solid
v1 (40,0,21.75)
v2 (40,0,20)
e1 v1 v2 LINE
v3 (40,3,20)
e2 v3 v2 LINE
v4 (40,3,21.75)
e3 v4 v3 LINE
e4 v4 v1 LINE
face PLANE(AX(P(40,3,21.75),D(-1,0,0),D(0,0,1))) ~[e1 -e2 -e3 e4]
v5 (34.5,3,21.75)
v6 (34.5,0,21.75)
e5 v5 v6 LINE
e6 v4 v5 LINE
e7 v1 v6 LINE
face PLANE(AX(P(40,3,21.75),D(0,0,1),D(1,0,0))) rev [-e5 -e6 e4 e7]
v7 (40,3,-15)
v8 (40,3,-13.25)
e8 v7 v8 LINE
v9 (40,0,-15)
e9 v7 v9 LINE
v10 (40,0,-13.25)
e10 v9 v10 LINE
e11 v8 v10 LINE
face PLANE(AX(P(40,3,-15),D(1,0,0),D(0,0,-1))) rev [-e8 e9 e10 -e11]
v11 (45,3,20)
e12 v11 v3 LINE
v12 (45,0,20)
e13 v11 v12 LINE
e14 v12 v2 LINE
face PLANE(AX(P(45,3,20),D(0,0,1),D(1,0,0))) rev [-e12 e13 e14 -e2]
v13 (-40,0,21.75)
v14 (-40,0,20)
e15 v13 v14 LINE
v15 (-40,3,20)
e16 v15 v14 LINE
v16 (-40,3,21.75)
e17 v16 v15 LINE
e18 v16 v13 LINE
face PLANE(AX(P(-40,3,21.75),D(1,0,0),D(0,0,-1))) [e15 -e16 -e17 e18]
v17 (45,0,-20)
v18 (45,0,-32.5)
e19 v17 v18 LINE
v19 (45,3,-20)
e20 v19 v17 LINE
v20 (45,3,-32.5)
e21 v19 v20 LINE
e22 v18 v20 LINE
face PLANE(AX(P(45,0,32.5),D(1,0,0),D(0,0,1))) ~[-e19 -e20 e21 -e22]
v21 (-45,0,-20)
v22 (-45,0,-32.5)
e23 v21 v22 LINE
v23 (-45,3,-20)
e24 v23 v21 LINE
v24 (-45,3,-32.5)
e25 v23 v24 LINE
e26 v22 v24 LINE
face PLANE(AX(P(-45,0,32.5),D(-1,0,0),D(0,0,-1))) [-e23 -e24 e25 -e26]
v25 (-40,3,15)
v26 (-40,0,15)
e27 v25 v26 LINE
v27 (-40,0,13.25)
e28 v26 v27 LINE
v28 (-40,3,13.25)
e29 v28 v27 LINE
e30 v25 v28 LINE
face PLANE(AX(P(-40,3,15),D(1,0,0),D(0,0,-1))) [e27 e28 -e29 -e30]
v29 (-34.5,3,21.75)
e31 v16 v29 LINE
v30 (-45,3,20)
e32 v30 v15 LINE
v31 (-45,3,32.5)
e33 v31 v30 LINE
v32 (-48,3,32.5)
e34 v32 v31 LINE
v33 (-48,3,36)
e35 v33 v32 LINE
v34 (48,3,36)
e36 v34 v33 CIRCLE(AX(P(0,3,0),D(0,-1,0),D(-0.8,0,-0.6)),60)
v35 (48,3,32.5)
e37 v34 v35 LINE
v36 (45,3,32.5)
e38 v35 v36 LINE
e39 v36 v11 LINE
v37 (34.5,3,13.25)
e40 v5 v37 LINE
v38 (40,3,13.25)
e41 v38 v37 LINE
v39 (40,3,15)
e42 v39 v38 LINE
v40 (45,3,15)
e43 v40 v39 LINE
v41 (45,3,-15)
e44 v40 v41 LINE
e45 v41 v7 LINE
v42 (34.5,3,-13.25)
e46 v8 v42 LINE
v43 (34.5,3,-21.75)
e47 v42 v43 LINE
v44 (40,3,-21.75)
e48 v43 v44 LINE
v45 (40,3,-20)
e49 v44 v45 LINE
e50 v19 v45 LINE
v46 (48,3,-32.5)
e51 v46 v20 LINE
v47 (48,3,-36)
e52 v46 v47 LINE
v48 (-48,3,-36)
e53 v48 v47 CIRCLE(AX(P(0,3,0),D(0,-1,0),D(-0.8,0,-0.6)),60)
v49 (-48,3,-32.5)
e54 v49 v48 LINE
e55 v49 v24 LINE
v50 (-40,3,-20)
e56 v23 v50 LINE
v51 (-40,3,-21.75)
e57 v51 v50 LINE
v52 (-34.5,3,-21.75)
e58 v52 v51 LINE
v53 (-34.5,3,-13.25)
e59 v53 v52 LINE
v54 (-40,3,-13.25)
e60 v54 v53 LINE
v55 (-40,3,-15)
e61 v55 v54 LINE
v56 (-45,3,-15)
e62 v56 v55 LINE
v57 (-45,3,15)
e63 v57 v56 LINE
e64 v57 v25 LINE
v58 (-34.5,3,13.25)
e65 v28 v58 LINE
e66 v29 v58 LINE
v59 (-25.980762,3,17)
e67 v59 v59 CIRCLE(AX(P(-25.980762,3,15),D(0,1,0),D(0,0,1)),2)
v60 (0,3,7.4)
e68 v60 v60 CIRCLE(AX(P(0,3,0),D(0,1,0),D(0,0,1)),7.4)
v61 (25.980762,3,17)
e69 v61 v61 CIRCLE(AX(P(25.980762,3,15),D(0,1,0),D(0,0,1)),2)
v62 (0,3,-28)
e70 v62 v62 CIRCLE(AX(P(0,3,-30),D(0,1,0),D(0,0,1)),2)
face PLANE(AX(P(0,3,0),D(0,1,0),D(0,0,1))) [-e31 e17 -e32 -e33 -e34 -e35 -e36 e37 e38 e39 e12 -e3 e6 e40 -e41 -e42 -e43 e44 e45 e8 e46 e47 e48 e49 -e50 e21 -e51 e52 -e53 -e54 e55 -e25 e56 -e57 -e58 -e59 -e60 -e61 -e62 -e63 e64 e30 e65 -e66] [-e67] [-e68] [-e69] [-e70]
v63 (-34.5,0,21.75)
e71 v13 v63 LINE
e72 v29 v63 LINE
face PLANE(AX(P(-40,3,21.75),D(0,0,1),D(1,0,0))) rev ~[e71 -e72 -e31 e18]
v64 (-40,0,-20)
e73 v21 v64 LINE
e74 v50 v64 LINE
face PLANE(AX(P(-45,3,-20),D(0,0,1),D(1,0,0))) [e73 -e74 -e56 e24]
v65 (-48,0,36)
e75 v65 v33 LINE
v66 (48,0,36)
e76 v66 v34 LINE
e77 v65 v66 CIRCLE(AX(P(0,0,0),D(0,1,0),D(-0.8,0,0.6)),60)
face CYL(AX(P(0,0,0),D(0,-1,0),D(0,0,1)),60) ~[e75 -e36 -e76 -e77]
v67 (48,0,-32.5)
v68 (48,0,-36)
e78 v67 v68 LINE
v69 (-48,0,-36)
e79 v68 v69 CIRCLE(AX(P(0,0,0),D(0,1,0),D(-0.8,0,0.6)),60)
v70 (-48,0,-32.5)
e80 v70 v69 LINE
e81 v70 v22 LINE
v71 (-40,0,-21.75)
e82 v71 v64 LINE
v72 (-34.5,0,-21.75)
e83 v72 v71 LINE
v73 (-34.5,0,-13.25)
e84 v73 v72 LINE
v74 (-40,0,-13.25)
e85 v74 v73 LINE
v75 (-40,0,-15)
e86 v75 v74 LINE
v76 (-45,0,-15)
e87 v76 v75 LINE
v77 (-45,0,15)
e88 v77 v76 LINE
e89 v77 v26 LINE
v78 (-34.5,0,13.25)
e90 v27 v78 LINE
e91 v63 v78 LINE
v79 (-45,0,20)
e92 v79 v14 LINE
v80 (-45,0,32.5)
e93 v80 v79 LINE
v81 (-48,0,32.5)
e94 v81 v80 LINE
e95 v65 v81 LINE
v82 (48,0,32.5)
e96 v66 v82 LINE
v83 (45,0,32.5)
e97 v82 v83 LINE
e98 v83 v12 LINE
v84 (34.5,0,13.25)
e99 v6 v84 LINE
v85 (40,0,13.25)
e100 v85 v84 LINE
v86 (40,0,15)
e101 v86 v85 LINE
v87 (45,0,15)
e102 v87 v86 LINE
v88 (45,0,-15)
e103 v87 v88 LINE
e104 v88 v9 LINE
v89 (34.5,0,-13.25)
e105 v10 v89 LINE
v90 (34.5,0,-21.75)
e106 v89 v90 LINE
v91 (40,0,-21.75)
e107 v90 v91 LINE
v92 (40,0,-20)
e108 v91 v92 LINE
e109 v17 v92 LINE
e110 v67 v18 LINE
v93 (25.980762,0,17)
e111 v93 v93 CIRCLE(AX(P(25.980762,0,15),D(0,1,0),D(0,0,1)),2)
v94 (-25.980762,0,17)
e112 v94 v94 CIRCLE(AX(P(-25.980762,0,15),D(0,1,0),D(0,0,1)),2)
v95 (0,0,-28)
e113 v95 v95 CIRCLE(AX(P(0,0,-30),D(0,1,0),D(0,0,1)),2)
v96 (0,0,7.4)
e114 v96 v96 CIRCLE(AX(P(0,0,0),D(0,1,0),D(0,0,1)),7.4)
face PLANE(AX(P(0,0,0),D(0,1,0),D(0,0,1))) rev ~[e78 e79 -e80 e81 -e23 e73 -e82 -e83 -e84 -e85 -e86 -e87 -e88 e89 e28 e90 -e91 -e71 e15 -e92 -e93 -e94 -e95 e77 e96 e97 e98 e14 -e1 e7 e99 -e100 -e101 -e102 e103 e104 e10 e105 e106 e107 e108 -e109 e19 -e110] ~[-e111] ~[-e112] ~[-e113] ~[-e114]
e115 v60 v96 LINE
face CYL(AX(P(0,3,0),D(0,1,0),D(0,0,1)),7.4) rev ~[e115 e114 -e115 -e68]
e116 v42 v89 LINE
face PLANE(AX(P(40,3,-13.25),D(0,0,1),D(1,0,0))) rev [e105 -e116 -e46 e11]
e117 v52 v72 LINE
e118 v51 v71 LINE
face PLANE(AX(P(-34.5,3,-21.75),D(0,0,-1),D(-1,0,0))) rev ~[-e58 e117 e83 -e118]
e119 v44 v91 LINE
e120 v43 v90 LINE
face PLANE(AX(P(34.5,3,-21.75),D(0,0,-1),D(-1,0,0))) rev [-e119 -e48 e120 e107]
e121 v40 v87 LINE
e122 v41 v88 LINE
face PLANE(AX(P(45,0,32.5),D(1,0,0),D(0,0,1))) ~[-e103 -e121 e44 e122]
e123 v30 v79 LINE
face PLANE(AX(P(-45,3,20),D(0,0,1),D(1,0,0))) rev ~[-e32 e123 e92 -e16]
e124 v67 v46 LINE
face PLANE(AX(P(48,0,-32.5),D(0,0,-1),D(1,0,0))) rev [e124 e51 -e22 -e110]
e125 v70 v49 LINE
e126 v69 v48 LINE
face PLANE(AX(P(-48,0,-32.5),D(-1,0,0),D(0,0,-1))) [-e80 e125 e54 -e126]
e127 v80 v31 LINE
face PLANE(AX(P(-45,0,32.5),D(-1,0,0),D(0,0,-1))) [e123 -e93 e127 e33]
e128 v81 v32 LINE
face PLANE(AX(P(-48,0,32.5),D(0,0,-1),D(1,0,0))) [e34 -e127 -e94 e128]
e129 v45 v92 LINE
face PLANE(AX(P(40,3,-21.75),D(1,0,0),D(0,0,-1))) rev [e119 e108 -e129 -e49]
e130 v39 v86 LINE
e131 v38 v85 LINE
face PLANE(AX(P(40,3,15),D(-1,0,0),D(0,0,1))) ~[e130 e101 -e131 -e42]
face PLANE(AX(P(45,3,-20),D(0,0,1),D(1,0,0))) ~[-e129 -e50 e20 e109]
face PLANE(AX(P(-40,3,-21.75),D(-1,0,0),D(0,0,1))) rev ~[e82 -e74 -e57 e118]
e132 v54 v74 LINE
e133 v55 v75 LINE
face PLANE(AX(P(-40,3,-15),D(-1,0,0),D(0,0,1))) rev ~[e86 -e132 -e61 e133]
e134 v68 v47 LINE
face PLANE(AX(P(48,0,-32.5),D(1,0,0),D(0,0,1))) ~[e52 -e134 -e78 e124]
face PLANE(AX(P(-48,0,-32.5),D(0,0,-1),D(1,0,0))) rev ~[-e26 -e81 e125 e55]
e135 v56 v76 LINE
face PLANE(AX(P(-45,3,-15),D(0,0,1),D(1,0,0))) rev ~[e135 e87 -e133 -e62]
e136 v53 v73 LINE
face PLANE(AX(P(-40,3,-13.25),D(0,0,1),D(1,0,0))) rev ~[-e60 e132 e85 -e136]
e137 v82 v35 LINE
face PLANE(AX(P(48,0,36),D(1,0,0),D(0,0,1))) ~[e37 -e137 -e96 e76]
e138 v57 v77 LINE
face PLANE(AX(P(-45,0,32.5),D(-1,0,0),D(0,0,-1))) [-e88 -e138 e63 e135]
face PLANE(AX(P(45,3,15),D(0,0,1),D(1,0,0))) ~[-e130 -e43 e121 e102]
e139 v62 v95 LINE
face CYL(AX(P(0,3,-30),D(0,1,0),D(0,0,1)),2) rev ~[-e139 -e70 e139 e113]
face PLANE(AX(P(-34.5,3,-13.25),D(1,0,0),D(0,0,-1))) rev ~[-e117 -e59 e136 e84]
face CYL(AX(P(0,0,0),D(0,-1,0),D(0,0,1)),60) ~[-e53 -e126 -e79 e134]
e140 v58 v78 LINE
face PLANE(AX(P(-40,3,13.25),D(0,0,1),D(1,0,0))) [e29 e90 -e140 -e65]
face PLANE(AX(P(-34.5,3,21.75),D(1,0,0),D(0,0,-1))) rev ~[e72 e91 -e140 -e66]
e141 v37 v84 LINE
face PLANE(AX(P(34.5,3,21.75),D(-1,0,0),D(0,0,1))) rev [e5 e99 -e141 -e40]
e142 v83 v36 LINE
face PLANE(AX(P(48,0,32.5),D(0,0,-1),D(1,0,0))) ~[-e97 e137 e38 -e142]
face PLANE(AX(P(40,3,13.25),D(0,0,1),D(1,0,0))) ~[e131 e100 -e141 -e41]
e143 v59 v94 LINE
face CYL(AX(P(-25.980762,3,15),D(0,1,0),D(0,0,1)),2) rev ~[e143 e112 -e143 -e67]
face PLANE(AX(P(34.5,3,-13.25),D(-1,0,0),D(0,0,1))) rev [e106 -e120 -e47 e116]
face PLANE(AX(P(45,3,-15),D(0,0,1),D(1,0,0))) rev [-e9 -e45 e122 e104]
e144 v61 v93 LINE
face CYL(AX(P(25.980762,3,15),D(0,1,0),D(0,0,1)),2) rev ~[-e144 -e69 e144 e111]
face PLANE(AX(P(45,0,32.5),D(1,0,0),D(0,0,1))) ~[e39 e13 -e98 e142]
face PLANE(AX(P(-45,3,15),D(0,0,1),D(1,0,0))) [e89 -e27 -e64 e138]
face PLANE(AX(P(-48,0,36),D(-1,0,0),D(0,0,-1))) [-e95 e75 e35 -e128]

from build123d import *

# Parameters (mm, degrees)
SKETCH1_R           = 60
BOSS_EXTRUDE1_DEPTH = 3
SKETCH2_R           = 7.4
CUT_EXTRUDE3_DEPTH  = 85.905830189
CUT_EXTRUDE1_START  = -3
CUT_EXTRUDE1_DEPTH  = 3
CUT_EXTRUDE2_DEPTH  = 3
SKETCH6_R           = 2
CUT_EXTRUDE4_DEPTH  = 77.896033708


with BuildPart() as part:
    # Sketch1 → Boss-Extrude1 (new body)
    with BuildSketch(Plane(origin=(0, 0, 0), x_dir=(1, 0, 0), z_dir=(0, 1, 0))):
        Circle(SKETCH1_R)
    extrude(amount=BOSS_EXTRUDE1_DEPTH)

    # Sketch2 → Cut-Extrude3 (cut, through all)
    with BuildSketch(Plane(origin=(0, 3, 0), x_dir=(1, 0, 0), z_dir=(0, 1, 0))):
        Circle(SKETCH2_R)
    extrude(amount=-CUT_EXTRUDE3_DEPTH, mode=Mode.SUBTRACT)

    # Sketch3 → Cut-Extrude1 (cut)
    with BuildSketch(Plane(origin=(0, 3, 0), x_dir=(1, 0, 0), z_dir=(0, 1, 0)).offset(CUT_EXTRUDE1_START)):
        with BuildLine():
            Line((-48, 32.5), (-48, 36))
            ThreePointArc((-48, 36), (-60, 0), (-48, -36))
            Line((-48, -36), (-48, -32.5))
            Line((-48, -32.5), (-45, -32.5))
            Line((-45, -32.5), (-45, 32.5))
            Line((-45, 32.5), (-48, 32.5))
        make_face()
    cut_extrude1 = extrude(amount=CUT_EXTRUDE1_DEPTH, mode=Mode.SUBTRACT)

    # Sketch4 → Cut-Extrude2 (cut)
    with BuildSketch(Plane(origin=(0, 3, 0), x_dir=(1, 0, 0), z_dir=(0, 1, 0))):
        Polygon((-40, -15), (-45, -15), (-45, -20), (-40, -20), (-40, -21.75), (-34.5, -21.75), (-34.5, -13.25), (-40, -13.25), align=None)
        Polygon((-40, 20), (-45, 20), (-45, 15), (-40, 15), (-40, 13.25), (-34.5, 13.25), (-34.5, 21.75), (-40, 21.75), align=None)
    cut_extrude2 = extrude(amount=-CUT_EXTRUDE2_DEPTH, mode=Mode.SUBTRACT)

    # Mirror1: Cut-Extrude1, Cut-Extrude2 across plane
    add(cut_extrude1.mirror(Plane(origin=(0, 0, 0), x_dir=(0, 0, 1), z_dir=(1, 0, 0))), mode=Mode.SUBTRACT)
    add(cut_extrude2.mirror(Plane(origin=(0, 0, 0), x_dir=(0, 0, 1), z_dir=(1, 0, 0))), mode=Mode.SUBTRACT)

    # Sketch6 → Cut-Extrude4 (cut, through all)
    with BuildSketch(Plane(origin=(0, 3, 0), x_dir=(1, 0, 0), z_dir=(0, 1, 0))):
        with Locations((25.980762114, -15)):
            Circle(SKETCH6_R)
        with Locations((-25.980762114, -15)):
            Circle(SKETCH6_R)
        with Locations((0, 30)):
            Circle(SKETCH6_R)
    extrude(amount=-CUT_EXTRUDE4_DEPTH, mode=Mode.SUBTRACT)


solid = part.part
